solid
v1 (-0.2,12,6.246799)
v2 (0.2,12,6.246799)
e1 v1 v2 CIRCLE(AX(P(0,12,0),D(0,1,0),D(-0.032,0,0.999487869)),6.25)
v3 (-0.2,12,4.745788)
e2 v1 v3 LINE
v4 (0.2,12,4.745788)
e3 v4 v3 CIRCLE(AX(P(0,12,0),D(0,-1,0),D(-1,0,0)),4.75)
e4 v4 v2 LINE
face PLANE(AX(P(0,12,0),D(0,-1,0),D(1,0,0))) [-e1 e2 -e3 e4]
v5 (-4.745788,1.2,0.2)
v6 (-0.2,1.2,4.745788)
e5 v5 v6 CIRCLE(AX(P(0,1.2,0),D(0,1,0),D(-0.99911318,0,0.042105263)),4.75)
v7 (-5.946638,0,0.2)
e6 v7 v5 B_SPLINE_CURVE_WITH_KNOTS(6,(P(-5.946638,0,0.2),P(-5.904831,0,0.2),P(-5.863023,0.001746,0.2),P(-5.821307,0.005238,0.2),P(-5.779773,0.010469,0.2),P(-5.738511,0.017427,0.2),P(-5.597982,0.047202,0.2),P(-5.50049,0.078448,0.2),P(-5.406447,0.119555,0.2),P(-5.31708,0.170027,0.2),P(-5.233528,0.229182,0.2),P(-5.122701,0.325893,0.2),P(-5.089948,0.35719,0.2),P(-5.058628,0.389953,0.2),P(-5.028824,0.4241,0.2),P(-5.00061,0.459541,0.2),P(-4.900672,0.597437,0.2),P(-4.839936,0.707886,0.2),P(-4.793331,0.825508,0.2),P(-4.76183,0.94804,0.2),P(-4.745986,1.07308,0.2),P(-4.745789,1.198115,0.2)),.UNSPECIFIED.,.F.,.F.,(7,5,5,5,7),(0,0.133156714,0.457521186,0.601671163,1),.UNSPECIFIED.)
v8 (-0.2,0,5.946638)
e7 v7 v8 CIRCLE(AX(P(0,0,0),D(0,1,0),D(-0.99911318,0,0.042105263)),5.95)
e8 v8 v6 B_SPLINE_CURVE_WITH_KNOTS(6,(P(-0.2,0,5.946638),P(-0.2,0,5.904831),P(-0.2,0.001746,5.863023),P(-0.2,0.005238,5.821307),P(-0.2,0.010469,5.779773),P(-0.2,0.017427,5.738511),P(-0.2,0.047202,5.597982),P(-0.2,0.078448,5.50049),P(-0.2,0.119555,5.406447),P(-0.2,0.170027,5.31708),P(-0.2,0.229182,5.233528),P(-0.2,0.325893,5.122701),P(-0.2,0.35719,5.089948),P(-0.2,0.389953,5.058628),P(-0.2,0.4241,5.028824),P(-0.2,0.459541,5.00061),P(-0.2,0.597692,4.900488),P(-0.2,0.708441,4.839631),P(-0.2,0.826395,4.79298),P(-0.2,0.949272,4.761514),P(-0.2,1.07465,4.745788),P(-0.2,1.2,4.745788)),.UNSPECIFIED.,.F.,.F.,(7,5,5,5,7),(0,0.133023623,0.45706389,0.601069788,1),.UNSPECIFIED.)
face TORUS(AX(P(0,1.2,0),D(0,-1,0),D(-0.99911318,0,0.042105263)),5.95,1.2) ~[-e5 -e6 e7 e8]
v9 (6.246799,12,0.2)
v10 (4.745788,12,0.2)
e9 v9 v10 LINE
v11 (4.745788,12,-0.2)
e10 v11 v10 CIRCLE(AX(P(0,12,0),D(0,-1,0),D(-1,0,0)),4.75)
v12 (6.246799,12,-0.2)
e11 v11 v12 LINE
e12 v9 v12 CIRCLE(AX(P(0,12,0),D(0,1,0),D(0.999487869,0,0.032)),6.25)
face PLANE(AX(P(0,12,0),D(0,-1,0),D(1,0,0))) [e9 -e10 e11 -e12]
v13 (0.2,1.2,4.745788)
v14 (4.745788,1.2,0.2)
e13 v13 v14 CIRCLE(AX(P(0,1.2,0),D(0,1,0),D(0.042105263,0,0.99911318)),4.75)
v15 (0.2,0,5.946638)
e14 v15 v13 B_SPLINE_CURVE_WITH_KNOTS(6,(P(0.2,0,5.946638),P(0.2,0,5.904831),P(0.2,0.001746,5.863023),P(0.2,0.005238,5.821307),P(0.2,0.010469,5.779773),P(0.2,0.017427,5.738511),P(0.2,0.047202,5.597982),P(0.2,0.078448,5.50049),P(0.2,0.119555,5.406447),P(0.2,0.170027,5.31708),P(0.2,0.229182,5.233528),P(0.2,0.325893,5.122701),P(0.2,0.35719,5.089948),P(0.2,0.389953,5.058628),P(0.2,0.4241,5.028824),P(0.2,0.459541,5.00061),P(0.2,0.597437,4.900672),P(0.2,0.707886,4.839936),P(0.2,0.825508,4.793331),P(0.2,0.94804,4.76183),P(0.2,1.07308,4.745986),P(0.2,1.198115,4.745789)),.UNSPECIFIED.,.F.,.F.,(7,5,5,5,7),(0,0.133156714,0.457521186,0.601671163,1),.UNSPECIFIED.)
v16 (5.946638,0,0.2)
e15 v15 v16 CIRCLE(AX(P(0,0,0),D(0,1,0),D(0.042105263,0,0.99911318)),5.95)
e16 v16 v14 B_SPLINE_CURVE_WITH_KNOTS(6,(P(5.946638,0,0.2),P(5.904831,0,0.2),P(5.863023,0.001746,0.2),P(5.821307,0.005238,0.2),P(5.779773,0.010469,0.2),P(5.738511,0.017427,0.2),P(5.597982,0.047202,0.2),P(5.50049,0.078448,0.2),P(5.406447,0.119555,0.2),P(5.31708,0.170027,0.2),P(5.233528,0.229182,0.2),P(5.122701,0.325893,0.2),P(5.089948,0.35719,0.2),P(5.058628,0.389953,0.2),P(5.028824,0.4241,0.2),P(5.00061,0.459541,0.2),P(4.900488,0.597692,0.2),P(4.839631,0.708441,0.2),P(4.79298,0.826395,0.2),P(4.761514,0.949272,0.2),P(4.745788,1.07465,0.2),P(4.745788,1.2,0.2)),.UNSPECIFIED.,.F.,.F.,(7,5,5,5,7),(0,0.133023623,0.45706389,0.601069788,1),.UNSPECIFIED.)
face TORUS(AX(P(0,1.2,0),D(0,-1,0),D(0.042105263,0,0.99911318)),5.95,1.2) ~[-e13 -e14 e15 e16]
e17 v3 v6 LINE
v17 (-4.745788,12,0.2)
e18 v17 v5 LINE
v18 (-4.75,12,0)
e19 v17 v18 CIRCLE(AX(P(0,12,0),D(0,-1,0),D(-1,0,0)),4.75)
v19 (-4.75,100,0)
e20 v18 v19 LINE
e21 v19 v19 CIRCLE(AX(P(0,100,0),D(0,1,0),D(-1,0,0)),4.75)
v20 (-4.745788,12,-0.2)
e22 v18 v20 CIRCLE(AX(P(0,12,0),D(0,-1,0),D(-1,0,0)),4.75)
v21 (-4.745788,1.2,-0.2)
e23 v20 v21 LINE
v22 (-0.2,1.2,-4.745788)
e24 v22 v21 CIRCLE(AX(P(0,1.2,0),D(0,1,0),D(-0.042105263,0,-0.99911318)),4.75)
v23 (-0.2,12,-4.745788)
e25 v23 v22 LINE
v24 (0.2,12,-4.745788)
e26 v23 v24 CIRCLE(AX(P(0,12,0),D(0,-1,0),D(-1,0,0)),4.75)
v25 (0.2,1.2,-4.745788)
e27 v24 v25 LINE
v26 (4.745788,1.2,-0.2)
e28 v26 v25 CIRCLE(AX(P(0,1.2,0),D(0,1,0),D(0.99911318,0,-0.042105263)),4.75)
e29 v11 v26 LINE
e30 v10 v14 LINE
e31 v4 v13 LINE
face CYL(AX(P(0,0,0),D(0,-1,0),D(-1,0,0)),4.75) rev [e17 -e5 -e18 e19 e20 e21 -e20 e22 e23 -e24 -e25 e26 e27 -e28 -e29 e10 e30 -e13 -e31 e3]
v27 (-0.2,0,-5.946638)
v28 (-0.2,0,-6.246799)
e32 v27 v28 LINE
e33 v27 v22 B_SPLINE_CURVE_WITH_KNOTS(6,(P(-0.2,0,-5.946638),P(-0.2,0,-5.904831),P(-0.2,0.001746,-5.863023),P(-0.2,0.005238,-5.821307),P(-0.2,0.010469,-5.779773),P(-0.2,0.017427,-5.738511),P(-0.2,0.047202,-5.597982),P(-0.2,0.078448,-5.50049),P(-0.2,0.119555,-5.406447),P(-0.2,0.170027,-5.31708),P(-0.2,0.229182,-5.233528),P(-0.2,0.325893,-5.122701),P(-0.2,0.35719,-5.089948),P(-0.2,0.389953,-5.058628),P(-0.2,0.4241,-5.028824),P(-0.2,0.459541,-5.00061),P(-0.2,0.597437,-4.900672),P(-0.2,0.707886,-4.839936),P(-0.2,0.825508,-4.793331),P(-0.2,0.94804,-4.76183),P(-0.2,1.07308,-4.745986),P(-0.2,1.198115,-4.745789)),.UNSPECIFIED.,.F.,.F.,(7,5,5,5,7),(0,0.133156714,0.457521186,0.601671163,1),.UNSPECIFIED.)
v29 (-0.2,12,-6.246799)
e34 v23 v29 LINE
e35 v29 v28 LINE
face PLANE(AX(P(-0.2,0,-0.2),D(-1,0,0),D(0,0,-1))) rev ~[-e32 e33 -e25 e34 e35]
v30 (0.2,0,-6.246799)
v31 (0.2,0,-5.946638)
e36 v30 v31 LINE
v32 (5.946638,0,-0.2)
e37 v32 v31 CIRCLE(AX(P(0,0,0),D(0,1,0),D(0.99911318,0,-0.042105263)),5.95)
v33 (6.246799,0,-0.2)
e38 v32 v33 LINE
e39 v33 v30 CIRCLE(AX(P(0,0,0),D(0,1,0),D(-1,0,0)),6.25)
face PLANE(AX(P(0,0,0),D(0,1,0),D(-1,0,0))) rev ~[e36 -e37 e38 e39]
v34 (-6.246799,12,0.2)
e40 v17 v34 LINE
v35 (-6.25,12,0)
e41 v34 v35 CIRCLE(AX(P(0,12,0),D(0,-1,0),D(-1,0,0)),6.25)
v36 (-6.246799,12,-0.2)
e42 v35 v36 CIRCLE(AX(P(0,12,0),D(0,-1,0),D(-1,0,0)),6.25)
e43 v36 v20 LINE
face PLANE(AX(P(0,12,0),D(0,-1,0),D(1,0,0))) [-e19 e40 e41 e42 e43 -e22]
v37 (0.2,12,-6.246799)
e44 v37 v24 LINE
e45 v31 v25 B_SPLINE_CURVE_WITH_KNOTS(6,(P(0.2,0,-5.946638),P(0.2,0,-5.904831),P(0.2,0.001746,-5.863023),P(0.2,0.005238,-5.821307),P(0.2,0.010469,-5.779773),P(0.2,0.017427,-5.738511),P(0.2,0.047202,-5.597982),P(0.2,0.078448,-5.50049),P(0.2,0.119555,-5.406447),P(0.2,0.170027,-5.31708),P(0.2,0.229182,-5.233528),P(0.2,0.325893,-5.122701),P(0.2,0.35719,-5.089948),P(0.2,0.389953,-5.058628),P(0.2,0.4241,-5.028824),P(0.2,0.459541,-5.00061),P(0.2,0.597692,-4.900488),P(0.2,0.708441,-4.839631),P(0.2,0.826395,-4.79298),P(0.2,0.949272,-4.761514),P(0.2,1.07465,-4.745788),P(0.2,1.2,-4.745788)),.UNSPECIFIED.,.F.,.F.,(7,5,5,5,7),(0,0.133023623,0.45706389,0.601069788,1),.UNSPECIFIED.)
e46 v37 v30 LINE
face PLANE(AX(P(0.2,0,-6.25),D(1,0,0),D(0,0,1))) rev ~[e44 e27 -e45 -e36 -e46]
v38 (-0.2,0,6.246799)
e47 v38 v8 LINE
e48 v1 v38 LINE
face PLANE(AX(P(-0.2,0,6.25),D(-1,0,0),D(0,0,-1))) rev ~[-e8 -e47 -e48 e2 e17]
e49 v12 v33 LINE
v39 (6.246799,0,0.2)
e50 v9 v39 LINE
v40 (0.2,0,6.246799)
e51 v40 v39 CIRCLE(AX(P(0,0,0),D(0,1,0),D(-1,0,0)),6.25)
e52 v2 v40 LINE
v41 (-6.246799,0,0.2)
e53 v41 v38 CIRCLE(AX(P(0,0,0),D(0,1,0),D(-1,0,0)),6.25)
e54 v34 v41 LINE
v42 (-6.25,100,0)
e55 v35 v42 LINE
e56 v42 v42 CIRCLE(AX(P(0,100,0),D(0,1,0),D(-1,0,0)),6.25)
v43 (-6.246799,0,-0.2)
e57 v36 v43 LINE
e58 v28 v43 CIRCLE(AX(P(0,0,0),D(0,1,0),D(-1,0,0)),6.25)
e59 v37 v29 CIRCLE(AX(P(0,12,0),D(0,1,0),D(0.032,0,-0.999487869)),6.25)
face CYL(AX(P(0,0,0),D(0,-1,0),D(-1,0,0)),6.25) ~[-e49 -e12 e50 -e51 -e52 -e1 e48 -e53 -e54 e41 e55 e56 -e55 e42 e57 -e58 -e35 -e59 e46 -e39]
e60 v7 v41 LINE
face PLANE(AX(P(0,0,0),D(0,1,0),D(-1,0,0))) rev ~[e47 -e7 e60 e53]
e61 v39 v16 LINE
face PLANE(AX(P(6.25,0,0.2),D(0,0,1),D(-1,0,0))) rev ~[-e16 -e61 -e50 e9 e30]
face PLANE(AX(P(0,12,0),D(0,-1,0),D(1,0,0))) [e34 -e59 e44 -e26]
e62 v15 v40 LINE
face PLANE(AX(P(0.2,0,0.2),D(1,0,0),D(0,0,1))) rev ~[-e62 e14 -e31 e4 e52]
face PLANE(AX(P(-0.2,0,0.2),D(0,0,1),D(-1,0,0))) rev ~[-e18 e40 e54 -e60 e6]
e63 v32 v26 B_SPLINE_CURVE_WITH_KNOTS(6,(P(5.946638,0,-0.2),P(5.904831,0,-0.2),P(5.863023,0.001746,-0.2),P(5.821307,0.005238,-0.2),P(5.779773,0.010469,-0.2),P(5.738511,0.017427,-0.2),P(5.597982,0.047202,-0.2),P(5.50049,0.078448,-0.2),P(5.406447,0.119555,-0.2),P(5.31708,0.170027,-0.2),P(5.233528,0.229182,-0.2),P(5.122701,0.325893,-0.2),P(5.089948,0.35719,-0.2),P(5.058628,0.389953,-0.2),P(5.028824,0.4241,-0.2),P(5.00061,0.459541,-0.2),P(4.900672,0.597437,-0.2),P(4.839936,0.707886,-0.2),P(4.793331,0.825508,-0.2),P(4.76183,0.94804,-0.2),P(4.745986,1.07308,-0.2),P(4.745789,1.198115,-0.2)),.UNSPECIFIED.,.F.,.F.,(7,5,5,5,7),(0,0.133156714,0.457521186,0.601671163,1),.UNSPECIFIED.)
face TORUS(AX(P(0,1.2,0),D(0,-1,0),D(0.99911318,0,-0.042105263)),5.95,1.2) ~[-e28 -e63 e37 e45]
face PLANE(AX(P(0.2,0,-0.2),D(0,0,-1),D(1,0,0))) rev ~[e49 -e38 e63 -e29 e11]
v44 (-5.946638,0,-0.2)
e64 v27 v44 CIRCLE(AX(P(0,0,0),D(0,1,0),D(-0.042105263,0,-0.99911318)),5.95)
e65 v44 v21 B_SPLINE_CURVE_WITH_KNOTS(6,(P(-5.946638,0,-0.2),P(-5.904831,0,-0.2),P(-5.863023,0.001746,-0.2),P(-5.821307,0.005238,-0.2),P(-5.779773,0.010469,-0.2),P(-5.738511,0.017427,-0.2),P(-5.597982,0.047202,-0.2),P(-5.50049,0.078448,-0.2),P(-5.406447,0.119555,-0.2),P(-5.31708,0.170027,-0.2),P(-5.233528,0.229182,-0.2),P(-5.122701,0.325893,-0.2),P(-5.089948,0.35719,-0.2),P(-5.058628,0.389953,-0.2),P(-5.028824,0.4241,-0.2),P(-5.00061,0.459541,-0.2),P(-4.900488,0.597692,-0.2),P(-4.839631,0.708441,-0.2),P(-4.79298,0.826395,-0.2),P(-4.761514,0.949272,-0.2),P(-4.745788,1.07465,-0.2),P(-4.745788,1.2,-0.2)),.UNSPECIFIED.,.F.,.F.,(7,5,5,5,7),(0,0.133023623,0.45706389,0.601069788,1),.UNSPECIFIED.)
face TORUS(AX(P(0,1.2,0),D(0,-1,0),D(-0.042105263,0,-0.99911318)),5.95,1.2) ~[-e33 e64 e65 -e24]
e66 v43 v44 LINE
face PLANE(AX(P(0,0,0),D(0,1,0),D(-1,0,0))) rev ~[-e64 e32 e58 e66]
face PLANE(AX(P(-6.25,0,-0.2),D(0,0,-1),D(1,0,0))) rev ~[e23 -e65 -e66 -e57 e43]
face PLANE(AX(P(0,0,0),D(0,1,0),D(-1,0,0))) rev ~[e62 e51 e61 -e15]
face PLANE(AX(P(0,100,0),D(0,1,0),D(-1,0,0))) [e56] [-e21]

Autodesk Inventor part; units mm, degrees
ref_plane "YZ Plane" through (0, 0, 0) normal (1, 0, 0) x (0, 1, 0)
ref_plane "XZ Plane" through (0, 0, 0) normal (0, 1, 0) x (-1, 0, 0)
ref_plane "XY Plane" through (0, 0, 0) normal (0, 0, 1) x (1, 0, 0)
sketch "Sketch1" plane through (0, 0, 0) normal (0, 1, 0) x (-1, 0, 0)
  circle A0 centre (0, 0) radius 4.75
  circle A1 centre (0, 0) radius 6.25
  dimension "d0" = 9.5
  dimension "d1" = 1.5
extrude "Extrusion1" add sketch "Sketch1" along normal blind 100
sketch "Sketch2" plane through (0, 0, 0) normal (0, -1, 0) x (1, 0, 0)
  line L0 (-6.25, -0.2) -> (6.25, -0.2)
  line L1 (6.25, -0.2) -> (6.25, 0.2)
  line L2 (6.25, 0.2) -> (-6.25, 0.2)
  line L3 (-6.25, 0.2) -> (-6.25, -0.2)
  line L4 (-0.2, 6.25) -> (-0.2, -6.25)
  line L5 (0.2, -6.25) -> (0.2, 6.25)
  line L6 (-0.2, -6.25) -> (0.2, -6.25)
  line L7 (0.2, 6.25) -> (-0.2, 6.25)
  line L8 (-6.25, -0.2) -> (6.25, -0.2)
  line L9 (6.25, 0.2) -> (-6.25, 0.2)
  line L10 (6.25, -0.2) -> (6.25, 0.2)
  line L11 (-6.25, 0.2) -> (-6.25, -0.2)
  line L12 (0.2, -6.25) -> (0.2, 6.25)
  line L13 (-0.2, 6.25) -> (-0.2, -6.25)
  line L14 (0.2, 6.25) -> (-0.2, 6.25)
  line L15 (-0.2, -6.25) -> (0.2, -6.25)
  point P0 (0, 0)
  point P1 (0.2, -0.2)
  point P2 (0.2, 0.2)
  point P3 (-0.2, 0.2)
  point P4 (-0.2, -0.2)
  dimension "d4" = 12.5
  dimension "d5" = 6.25
  dimension "d6" = 0.4
  dimension "d7" = 0.2
  dimension "d10" = 360
extrude "Extrusion2" cut sketch "Sketch2" against normal blind 12
fillet "Fillet1" radius 1.2 4 edges at (-3.3588, 0, -3.3588) (3.3588, 0, -3.3588) (3.3588, 0, 3.3588) (-3.3588, 0, 3.3588)
properties part number "Turret_extend"
